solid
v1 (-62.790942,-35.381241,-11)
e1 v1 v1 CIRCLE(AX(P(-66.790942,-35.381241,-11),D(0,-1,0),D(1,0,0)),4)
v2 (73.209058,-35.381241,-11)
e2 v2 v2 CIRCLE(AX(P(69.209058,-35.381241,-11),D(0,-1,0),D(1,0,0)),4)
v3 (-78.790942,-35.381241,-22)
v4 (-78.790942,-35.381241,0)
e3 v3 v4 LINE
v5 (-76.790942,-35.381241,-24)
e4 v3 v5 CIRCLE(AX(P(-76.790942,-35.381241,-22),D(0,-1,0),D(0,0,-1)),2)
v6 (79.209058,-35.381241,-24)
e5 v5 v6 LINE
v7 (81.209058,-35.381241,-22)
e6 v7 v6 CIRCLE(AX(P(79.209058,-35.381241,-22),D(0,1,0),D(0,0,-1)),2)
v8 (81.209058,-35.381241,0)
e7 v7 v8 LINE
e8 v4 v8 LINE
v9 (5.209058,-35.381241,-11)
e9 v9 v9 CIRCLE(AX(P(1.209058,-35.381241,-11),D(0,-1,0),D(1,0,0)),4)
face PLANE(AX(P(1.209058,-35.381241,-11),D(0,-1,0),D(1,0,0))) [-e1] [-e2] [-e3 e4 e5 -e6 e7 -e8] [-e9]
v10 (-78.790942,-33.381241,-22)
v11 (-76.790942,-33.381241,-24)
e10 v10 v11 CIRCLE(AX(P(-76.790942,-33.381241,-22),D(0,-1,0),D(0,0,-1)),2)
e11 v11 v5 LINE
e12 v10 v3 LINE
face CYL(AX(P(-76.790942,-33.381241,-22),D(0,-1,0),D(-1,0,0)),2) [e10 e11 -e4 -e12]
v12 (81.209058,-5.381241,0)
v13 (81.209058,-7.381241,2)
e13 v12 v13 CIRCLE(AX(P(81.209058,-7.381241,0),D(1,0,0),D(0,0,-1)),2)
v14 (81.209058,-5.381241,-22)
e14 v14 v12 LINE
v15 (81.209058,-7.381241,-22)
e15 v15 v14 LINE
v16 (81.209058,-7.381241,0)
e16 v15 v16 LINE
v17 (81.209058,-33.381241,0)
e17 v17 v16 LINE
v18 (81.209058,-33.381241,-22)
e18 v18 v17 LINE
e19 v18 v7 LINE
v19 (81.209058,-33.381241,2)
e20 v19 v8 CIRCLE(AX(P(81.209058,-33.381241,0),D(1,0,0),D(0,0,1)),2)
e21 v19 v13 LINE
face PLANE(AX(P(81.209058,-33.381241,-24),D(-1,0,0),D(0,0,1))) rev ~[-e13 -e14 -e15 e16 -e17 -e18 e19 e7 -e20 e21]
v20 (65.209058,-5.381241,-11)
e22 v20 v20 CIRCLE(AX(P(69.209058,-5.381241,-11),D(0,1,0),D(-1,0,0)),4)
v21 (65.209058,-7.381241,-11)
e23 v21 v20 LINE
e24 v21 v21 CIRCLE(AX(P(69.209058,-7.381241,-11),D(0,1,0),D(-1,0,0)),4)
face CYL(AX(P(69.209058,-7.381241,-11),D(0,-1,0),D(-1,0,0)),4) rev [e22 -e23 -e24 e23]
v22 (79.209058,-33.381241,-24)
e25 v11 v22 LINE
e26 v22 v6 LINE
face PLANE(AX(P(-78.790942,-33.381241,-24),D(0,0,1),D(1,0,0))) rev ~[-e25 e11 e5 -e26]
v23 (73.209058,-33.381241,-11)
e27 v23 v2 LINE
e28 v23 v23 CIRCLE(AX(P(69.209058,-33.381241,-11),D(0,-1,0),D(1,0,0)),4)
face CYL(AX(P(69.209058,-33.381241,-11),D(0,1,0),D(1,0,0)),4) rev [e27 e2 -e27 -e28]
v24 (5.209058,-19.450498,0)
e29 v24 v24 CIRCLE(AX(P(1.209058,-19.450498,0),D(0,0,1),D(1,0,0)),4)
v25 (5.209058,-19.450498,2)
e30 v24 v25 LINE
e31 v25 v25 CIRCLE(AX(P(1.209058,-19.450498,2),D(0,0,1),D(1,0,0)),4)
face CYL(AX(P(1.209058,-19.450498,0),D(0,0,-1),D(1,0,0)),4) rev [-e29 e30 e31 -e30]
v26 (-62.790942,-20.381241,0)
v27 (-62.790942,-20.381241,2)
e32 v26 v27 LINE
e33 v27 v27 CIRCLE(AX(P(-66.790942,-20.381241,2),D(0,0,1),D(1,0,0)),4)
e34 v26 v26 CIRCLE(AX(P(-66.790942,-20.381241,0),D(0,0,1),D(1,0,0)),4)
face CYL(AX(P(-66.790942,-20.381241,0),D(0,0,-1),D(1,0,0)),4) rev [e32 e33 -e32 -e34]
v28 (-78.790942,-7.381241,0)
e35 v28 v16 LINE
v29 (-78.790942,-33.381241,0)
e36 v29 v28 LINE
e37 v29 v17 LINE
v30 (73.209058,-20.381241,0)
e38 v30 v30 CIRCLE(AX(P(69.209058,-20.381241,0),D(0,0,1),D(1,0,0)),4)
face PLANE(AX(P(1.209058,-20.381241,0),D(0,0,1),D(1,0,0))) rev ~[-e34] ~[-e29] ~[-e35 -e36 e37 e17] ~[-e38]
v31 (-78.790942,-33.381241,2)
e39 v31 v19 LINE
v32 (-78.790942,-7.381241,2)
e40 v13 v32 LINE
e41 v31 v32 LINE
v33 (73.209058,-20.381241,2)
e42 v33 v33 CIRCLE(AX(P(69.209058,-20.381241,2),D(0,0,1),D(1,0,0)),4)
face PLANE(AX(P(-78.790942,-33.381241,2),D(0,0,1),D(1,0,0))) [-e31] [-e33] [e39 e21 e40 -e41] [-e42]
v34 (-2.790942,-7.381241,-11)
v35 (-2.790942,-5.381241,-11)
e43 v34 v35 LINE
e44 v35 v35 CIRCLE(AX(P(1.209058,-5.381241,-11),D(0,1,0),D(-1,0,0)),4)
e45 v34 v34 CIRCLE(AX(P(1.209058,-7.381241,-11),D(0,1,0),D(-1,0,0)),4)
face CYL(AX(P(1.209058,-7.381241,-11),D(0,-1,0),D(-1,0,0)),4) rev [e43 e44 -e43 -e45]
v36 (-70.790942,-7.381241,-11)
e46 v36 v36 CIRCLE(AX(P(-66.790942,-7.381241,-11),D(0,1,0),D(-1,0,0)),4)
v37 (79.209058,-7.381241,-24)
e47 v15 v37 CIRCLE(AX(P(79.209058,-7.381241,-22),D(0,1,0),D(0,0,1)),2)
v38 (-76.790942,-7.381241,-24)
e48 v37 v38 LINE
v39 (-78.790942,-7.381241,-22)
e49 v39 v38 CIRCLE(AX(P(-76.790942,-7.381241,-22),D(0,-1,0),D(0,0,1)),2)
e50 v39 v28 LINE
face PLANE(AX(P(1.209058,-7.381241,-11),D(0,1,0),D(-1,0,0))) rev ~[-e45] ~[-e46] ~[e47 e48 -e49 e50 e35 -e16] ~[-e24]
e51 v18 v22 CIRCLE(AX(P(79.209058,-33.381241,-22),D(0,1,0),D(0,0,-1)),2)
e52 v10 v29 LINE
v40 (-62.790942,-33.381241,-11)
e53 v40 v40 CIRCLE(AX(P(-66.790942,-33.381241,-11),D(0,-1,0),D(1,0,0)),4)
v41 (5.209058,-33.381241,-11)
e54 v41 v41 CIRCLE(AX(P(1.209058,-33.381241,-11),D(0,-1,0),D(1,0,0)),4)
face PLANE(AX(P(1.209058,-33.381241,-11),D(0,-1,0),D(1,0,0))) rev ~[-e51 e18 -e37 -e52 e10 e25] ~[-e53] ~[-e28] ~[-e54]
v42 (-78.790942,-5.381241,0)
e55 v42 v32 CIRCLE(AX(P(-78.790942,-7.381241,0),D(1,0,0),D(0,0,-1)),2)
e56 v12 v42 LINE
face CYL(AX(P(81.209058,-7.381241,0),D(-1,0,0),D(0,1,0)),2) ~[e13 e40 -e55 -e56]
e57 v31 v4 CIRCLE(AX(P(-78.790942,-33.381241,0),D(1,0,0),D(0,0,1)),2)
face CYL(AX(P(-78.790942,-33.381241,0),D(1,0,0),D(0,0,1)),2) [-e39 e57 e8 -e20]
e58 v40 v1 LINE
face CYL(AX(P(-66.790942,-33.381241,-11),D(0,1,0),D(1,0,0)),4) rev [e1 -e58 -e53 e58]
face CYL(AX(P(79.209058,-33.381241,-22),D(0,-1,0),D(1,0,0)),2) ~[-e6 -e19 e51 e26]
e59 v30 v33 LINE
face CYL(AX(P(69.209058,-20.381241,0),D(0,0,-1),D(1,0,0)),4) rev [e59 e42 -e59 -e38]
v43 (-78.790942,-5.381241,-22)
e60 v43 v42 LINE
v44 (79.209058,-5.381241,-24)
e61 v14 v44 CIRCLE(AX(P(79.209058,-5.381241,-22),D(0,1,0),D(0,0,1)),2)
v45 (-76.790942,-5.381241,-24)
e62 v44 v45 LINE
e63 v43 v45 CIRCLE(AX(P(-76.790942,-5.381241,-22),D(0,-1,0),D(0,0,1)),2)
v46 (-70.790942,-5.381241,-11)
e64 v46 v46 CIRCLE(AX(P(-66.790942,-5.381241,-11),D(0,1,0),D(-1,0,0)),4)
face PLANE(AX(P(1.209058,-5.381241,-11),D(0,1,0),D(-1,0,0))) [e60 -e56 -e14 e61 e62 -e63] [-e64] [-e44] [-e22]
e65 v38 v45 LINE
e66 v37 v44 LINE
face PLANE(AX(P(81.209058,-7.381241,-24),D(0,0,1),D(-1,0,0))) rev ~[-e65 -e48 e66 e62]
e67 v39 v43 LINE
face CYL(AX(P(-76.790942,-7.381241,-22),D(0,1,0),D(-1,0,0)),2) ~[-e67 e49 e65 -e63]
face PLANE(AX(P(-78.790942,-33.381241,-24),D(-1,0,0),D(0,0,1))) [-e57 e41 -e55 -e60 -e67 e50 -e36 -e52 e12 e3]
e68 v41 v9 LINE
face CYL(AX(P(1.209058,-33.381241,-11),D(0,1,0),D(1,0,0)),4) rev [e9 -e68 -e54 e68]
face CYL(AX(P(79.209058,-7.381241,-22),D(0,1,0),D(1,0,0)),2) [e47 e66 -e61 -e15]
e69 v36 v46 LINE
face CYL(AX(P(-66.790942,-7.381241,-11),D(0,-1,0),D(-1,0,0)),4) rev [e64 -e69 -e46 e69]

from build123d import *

# Parameters (mm, degrees)
F0_W     = 160
F0_H     = 26
F0_R     = 4
F1_DEPTH = 2
F4_W     = 160
F4_H     = 26
F4_R     = 4
F7_DEPTH = 2
F6_W     = 160
F6_H     = 26
F6_R     = 4
F8_DEPTH = 2
F9_R     = 2


with BuildPart() as f1:
    # F0 (on Top) → F1 (new body)
    with BuildSketch(Plane.XY):
        with Locations((1.2090578675, -20.3812407514)):
            Rectangle(F0_W, F0_H)
        with Locations((-66.7909421325, -20.3812407514)):
            Circle(F0_R, mode=Mode.SUBTRACT)
        with Locations((1.2090578675, -19.4504977352)):
            Circle(F0_R, mode=Mode.SUBTRACT)
        with Locations((69.2090578675, -20.3812407514)):
            Circle(F0_R, mode=Mode.SUBTRACT)
    extrude(amount=F1_DEPTH)

    # F4 (on offset) → F7 (join)
    with BuildSketch(Plane(origin=(0, -7.3812407514, 0), x_dir=(-1, 0, 0), z_dir=(0, 1, 0))):
        with Locations((-1.2090578675, -11)):
            Rectangle(F4_W, F4_H)
        with Locations((-69.2090578675, -11)):
            Circle(F4_R, mode=Mode.SUBTRACT)
        with Locations((-1.2090578675, -11)):
            Circle(F4_R, mode=Mode.SUBTRACT)
        with Locations((66.7909421325, -11)):
            Circle(F4_R, mode=Mode.SUBTRACT)
    extrude(amount=F7_DEPTH)

    # F6 (on offset) → F8 (join)
    with BuildSketch(Plane.XZ.offset(33.3812407514)):
        with Locations((1.2090578675, -11)):
            Rectangle(F6_W, F6_H)
        with Locations((-66.7909421325, -11)):
            Circle(F6_R, mode=Mode.SUBTRACT)
        with Locations((1.2090578675, -11)):
            Circle(F6_R, mode=Mode.SUBTRACT)
        with Locations((69.2090578675, -11)):
            Circle(F6_R, mode=Mode.SUBTRACT)
    extrude(amount=F8_DEPTH)

    # F9
    f9_edges = [f1.edges().sort_by_distance(p)[0] for p in [
        (1.209058, -5.381241, 2),
        (1.209058, -35.381241, 2),
        (-78.790942, -34.381241, -24),
        (-78.790942, -6.381241, -24),
        (81.209058, -34.381241, -24),
        (81.209058, -6.381241, -24),
    ]]
    fillet(f9_edges, radius=F9_R)


solid = f1.part
